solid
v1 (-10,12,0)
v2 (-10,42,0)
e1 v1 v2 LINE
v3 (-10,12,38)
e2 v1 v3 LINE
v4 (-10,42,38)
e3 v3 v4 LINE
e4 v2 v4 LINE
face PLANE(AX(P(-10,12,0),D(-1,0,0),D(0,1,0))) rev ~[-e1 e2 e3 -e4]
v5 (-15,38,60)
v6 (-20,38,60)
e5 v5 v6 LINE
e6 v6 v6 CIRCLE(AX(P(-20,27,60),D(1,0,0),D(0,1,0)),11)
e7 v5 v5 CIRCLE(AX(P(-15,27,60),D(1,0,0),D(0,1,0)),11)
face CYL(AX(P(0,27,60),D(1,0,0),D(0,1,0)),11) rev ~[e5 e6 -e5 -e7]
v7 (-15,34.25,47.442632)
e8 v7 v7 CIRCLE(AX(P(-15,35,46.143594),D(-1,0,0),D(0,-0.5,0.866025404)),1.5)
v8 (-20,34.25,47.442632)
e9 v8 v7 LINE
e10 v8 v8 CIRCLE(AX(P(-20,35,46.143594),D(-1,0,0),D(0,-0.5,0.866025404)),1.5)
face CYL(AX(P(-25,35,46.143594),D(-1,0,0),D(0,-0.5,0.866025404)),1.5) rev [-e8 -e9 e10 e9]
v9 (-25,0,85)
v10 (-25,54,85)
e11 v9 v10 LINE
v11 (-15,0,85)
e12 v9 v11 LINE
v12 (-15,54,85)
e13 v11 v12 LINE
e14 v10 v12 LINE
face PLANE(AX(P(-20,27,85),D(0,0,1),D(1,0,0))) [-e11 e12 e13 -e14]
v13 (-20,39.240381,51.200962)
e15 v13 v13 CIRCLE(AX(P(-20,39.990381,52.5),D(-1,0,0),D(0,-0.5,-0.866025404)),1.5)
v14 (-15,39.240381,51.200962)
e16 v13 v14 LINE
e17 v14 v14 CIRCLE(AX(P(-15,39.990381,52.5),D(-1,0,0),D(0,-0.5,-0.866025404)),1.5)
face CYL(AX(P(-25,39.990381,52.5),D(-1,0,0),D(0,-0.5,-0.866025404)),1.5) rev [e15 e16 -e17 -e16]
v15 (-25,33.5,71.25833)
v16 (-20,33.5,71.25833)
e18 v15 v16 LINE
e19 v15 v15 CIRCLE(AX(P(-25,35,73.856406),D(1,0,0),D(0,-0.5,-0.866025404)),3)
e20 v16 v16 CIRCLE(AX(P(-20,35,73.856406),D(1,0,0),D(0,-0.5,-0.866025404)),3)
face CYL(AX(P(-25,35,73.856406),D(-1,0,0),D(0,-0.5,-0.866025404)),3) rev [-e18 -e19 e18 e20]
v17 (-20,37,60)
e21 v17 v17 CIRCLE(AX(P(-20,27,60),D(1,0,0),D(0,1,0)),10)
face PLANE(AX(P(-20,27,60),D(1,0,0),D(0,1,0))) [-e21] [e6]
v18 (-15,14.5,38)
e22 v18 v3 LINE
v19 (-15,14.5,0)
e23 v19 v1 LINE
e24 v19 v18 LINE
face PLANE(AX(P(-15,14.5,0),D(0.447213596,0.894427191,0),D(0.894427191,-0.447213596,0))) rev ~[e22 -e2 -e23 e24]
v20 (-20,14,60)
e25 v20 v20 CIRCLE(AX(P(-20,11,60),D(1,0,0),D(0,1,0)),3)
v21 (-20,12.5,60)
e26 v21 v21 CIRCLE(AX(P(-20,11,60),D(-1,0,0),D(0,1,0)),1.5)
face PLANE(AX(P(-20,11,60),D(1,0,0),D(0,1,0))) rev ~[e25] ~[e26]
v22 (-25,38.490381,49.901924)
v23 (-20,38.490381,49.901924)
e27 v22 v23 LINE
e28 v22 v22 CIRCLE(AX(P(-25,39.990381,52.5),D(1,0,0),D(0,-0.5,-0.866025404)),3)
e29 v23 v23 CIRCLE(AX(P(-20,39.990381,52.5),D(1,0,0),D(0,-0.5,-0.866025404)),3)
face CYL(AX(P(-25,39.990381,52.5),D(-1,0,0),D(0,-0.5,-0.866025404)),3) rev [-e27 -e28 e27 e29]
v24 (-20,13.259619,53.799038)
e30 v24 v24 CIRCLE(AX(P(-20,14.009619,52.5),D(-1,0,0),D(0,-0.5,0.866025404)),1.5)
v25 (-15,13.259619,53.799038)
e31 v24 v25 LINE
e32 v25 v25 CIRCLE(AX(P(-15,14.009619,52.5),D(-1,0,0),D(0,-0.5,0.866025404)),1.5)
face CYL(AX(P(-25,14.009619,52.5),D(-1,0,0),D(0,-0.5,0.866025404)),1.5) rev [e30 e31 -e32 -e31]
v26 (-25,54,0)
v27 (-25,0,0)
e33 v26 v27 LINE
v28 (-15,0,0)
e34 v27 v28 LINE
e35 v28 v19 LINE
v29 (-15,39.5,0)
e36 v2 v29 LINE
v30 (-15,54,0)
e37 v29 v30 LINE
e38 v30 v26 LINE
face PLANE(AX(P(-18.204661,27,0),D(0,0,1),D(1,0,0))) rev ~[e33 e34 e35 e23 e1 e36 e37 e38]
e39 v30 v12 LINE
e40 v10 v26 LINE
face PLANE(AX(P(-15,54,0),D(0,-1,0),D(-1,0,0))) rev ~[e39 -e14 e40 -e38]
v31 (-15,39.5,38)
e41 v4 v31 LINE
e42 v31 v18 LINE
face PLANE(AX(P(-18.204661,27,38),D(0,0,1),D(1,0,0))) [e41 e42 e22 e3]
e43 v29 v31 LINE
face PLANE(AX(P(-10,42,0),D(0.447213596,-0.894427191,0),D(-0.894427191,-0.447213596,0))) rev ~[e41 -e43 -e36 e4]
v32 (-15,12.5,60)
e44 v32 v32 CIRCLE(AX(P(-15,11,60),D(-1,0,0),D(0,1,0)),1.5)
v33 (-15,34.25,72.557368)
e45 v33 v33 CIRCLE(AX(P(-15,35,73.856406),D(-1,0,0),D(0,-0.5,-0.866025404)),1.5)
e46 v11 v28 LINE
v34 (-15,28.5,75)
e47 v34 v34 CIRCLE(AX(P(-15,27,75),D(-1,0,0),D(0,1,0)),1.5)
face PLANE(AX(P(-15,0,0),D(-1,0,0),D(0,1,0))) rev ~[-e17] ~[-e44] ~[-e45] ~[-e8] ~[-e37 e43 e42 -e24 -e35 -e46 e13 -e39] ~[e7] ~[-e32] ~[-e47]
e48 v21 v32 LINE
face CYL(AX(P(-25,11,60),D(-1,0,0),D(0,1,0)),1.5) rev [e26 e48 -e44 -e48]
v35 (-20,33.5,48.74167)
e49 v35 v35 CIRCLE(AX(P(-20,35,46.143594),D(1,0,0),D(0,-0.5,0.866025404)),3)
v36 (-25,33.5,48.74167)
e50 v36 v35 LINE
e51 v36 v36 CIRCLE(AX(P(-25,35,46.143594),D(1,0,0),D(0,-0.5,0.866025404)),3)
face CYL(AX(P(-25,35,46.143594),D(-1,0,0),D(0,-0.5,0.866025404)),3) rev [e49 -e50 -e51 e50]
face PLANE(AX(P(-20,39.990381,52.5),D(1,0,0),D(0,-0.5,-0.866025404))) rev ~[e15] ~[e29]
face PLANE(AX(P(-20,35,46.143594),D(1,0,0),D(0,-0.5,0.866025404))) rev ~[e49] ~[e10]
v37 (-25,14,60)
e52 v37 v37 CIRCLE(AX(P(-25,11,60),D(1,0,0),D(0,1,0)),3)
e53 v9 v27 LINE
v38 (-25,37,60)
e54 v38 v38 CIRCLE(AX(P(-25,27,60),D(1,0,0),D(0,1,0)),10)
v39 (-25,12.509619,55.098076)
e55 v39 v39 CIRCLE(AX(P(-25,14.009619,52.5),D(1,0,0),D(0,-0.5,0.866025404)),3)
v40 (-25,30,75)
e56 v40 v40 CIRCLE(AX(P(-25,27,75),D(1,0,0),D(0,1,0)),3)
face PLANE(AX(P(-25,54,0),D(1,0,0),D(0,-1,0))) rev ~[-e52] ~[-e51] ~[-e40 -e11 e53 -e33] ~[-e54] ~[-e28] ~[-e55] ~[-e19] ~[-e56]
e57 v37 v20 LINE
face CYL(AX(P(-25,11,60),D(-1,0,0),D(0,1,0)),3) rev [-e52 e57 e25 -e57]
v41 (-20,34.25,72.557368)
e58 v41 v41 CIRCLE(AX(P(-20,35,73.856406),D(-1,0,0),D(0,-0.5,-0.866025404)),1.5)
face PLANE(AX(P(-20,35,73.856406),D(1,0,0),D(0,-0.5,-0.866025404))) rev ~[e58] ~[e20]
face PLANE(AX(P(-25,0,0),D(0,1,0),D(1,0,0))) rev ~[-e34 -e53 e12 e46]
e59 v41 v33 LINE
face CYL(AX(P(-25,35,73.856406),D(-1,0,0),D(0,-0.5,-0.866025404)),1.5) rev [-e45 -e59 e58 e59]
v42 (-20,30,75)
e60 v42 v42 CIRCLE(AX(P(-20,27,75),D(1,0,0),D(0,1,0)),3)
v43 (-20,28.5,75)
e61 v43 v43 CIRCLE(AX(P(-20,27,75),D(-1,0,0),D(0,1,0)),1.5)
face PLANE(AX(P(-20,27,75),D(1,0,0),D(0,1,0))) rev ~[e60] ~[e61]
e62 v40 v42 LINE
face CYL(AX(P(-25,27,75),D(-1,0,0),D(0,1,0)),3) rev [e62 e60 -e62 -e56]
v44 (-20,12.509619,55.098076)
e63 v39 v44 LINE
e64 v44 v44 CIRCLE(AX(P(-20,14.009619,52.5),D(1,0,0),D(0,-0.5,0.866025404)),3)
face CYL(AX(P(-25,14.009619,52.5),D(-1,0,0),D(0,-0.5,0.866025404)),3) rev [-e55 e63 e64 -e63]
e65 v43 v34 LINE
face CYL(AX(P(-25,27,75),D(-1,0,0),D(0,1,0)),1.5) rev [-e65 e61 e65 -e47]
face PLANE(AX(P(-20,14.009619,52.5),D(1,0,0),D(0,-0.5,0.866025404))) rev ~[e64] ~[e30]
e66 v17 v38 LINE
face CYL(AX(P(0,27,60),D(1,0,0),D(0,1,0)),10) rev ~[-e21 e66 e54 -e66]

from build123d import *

# Parameters (mm, degrees)
PAD_DEPTH             = 38
SKETCH_W              = 10
SKETCH_H              = 54
PAD001_DEPTH          = 85
SKETCH002_R           = 10
POCKET_DEPTH          = 25.001
SKETCH003_R           = 1.5
POCKET001_DEPTH       = 218.62811
POLARPATTERN_COUNT    = 3
SKETCH004_R           = 3
POCKET002_DEPTH       = 5
POLARPATTERN001_COUNT = 3
SKETCH005_R           = 11
POCKET003_DEPTH       = 20


with BuildPart() as part:
    # Sketch001 → Pad (new body)
    with BuildSketch(Plane.XY):
        Polygon((-15, 0), (-15, 14.5), (-10, 12), (-10, 42), (-15, 39.5), (-15, 54), (-25, 54), (-25, 0), align=None)
    extrude(amount=PAD_DEPTH)

    # Sketch → Pad001 (join)
    with BuildSketch(Plane.XY):
        with Locations((-20, 27)):
            Rectangle(SKETCH_W, SKETCH_H)
    extrude(amount=PAD001_DEPTH)

    # Sketch002 → Pocket (cut, through all)
    with BuildSketch(Plane.YZ):
        with Locations((27, 60)):
            Circle(SKETCH002_R)
    extrude(amount=-POCKET_DEPTH, mode=Mode.SUBTRACT)

    # Sketch003 → Pocket001 (cut, through all)
    with BuildSketch(Plane(origin=(-25, 27, 60), x_dir=(0, 1, 0), z_dir=(1, 0, 0))):
        with Locations((0, 15)):
            Circle(SKETCH003_R)
        with Locations((-16, 0)):
            Circle(SKETCH003_R)
    pocket001 = extrude(amount=POCKET001_DEPTH, mode=Mode.SUBTRACT)

    # PolarPattern: Pocket001 ×3 about axis
    polarpattern_axis = Axis((-25, 27, 60), (1, 0, 0))
    for i in range(1, POLARPATTERN_COUNT):
        add(pocket001.rotate(polarpattern_axis, i * 360 / POLARPATTERN_COUNT), mode=Mode.SUBTRACT)

    # Sketch004 → Pocket002 (cut)
    with BuildSketch(Plane(origin=(-25, 27, 60), x_dir=(0, 1, 0), z_dir=(1, 0, 0))):
        with Locations((0, 15)):
            Circle(SKETCH004_R)
        with Locations((-16, 0)):
            Circle(SKETCH004_R)
    pocket002 = extrude(amount=POCKET002_DEPTH, mode=Mode.SUBTRACT)

    # PolarPattern001: Pocket002 ×3 about axis
    polarpattern001_axis = Axis((-25, 27, 60), (1, 0, 0))
    for i in range(1, POLARPATTERN001_COUNT):
        add(pocket002.rotate(polarpattern001_axis, i * 360 / POLARPATTERN001_COUNT), mode=Mode.SUBTRACT)

    # Sketch005 → Pocket003 (cut)
    with BuildSketch(Plane.YZ):
        with Locations((27, 60)):
            Circle(SKETCH005_R)
    extrude(amount=-POCKET003_DEPTH, mode=Mode.SUBTRACT)


solid = part.part
